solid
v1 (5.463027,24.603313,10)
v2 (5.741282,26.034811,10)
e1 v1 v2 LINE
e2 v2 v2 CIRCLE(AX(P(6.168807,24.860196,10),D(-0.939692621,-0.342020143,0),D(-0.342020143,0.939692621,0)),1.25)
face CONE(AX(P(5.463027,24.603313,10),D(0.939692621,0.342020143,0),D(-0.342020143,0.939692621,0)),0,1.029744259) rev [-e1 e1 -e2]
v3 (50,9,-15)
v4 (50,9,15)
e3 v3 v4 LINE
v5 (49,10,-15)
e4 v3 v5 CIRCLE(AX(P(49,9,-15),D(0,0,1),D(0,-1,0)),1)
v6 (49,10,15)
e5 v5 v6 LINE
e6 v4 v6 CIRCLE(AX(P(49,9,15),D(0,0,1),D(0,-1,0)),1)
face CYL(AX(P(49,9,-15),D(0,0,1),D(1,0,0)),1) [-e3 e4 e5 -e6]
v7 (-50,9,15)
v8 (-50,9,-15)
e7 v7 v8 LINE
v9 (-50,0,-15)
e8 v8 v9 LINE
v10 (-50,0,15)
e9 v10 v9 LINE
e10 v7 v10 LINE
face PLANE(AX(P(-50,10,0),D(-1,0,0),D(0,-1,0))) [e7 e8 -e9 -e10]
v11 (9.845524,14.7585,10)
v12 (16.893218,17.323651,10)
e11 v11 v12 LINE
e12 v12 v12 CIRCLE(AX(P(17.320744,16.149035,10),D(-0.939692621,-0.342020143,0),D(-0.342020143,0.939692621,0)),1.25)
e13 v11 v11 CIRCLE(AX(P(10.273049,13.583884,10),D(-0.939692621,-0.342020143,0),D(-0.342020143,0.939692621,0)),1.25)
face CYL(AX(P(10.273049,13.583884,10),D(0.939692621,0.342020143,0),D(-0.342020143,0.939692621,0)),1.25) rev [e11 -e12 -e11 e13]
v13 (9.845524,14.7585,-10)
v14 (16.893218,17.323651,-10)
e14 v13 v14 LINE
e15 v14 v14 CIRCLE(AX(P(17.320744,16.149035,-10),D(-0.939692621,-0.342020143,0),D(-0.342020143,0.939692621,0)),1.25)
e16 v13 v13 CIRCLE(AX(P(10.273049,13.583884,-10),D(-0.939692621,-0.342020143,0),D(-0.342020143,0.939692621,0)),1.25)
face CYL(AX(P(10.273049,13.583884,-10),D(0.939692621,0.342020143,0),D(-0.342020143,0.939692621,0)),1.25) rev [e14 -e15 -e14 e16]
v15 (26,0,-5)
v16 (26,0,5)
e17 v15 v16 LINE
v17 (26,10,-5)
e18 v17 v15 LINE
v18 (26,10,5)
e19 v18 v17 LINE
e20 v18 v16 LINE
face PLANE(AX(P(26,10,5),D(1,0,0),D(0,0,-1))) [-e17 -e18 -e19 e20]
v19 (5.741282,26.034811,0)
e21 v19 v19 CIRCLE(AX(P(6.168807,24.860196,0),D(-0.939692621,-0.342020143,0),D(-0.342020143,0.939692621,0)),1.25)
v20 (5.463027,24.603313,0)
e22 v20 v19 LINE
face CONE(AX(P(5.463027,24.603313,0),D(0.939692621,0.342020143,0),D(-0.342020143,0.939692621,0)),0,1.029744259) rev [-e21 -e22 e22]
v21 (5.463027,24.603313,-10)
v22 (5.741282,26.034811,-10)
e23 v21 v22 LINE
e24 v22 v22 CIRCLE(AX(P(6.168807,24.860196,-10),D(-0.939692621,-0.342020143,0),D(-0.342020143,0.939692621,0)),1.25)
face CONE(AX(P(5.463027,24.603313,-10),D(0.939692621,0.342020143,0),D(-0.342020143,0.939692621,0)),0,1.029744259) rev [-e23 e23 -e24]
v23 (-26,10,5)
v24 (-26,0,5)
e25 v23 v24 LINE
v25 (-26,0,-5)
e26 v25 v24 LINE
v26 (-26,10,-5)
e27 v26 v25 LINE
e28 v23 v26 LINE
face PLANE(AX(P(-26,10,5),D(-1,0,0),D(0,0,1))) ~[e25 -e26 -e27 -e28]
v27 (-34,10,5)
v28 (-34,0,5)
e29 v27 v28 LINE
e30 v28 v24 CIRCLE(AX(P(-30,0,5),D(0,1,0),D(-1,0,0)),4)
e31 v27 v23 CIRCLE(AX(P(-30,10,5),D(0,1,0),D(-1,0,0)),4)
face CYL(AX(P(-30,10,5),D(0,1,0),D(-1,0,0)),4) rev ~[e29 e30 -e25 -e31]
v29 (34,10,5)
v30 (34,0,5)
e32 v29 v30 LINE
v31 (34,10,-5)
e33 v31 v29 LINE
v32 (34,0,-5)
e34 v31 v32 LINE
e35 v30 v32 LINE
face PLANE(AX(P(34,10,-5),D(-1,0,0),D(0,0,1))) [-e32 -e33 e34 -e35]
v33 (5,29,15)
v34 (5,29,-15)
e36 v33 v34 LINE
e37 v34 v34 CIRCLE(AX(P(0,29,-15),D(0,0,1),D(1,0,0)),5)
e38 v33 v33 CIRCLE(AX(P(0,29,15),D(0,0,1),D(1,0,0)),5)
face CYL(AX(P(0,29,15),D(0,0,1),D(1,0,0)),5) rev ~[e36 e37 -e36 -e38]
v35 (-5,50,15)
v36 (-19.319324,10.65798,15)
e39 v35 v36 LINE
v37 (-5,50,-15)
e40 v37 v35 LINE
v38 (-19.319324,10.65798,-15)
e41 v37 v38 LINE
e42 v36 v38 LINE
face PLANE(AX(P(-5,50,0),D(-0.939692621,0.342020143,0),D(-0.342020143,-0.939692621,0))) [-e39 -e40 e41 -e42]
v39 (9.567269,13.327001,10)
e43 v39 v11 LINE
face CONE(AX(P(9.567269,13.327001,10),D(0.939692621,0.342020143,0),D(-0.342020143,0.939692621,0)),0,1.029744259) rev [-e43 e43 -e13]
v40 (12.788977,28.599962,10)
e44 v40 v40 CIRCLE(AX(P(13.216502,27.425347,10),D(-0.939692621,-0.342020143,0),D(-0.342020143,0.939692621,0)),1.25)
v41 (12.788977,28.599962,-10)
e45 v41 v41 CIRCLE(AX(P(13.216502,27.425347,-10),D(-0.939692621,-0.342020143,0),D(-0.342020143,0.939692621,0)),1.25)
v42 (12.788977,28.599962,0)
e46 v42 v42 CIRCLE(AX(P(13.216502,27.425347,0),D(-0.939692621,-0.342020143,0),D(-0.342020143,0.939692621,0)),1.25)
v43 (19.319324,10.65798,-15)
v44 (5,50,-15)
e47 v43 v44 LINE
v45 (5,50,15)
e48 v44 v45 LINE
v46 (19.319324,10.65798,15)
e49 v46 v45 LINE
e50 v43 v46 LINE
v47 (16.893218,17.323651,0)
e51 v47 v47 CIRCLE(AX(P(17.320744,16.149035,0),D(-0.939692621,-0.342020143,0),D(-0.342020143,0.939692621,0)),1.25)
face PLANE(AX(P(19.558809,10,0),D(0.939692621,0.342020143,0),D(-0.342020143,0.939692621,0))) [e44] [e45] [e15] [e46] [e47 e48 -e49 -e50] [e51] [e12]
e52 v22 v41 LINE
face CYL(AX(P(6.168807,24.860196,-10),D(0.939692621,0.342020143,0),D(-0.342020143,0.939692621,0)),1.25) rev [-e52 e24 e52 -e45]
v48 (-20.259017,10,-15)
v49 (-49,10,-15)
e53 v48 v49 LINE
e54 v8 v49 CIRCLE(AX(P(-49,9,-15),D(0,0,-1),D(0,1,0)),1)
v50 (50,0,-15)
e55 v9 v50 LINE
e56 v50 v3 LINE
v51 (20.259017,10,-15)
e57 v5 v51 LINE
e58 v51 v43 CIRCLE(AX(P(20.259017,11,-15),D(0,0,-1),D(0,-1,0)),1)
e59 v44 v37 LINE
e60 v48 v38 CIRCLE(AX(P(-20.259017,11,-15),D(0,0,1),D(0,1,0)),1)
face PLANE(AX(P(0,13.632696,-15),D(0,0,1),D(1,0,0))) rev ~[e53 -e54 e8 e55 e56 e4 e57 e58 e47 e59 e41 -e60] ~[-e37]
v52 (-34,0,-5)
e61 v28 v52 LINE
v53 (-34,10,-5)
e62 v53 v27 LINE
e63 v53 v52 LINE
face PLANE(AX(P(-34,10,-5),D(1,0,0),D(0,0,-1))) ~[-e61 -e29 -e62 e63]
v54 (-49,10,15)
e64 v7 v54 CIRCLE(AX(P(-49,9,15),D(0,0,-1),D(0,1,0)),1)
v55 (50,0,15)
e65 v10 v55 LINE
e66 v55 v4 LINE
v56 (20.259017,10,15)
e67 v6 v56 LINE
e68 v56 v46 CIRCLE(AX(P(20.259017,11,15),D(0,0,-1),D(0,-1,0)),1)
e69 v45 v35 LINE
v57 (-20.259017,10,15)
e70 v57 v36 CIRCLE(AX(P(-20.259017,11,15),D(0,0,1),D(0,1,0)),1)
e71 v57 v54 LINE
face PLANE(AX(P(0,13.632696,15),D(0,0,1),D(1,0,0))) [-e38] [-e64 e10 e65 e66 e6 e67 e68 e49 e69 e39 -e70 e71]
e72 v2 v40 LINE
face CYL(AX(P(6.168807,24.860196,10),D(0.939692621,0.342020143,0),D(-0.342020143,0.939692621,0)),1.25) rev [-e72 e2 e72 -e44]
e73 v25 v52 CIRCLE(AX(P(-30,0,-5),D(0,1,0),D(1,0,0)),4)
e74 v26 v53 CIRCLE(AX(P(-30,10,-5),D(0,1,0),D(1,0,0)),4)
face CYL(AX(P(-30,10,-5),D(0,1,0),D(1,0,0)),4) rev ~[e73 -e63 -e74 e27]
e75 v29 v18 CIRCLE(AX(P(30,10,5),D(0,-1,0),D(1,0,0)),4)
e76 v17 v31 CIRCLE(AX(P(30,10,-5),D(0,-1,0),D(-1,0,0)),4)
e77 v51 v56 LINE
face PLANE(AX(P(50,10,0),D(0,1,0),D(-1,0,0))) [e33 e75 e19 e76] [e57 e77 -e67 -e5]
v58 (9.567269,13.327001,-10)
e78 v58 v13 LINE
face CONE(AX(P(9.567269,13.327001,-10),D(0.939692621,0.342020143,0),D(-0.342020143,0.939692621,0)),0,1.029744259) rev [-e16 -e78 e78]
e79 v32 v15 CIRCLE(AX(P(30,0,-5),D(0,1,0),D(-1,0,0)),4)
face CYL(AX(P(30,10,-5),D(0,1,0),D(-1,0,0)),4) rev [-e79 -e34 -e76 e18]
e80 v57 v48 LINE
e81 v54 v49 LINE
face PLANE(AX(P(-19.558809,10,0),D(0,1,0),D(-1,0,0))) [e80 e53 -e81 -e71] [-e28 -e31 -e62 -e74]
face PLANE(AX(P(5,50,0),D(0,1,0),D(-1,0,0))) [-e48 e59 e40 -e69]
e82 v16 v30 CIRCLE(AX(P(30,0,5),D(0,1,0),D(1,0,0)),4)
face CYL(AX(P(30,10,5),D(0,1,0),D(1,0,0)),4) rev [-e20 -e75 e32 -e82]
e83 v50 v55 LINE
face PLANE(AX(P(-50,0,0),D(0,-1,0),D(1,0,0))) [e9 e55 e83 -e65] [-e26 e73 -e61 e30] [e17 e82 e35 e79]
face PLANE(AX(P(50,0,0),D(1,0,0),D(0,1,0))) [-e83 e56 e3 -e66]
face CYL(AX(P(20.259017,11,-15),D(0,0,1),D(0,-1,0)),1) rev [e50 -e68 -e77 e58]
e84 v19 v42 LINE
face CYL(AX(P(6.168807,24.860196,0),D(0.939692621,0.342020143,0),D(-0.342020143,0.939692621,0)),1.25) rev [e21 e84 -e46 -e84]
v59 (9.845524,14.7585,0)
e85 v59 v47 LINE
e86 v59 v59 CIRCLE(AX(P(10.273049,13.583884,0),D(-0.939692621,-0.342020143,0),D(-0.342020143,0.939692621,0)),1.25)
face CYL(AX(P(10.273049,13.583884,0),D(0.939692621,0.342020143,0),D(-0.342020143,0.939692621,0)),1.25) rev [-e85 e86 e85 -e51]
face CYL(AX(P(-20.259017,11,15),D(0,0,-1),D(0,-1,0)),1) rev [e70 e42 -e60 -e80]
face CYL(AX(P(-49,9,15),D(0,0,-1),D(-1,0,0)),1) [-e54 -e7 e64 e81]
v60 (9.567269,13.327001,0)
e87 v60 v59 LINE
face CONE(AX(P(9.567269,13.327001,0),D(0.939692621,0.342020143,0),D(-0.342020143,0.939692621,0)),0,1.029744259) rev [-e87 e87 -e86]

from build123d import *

# Parameters (mm, degrees)
BASE_EXTRUDE_DEPTH   = 15
SLOT_CUT_DEPTH       = 66.76473219
SKETCH3_R            = 5
GUIDE_HOLE_DEPTH     = 77.811457479
LPATTERN1_COUNT      = 3
LPATTERN1_PITCH      = 10
LPATTERN1_COUNT_DIR2 = 2
LPATTERN1_PITCH_DIR2 = 12
FILLET1_R            = 1


with BuildPart() as part:
    # Sketch1 → Base Extrude (new, symmetric)
    with BuildSketch(Plane.XY):
        Polygon((-50, 0), (50, 0), (50, 10), (19.558809371, 10), (5, 50), (-5, 50), (-19.558809371, 10), (-50, 10), align=None)
    extrude(amount=BASE_EXTRUDE_DEPTH, both=True)

    # Sketch2 → Slot Cut (cut, through all)
    with BuildSketch(Plane(origin=(0, 10, 0), x_dir=(1, 0, 0), z_dir=(0, 1, 0))):
        with BuildLine():
            Line((26, -5), (26, 5))
            ThreePointArc((26, 5), (30, 9), (34, 5))
            Line((34, 5), (34, -5))
            ThreePointArc((34, -5), (30, -9), (26, -5))
        make_face()
    slot_cut = extrude(amount=-SLOT_CUT_DEPTH, mode=Mode.SUBTRACT)

    # Mirror1: Slot Cut across plane
    add(slot_cut.mirror(Plane(origin=(0, 0, 0), x_dir=(0, 0, 1), z_dir=(1, 0, 0))), mode=Mode.SUBTRACT)

    # Sketch3 → Guide hole (cut, through all)
    with BuildSketch(Plane.XY.offset(15)):
        with Locations((0, 29)):
            Circle(SKETCH3_R)
    extrude(amount=-GUIDE_HOLE_DEPTH, mode=Mode.SUBTRACT)

    # Sketch10 → M3x0.5 Tapped Hole3 (revolve, cut)
    with BuildSketch(Plane(origin=(13.216501869, 27.425346647, 10), x_dir=(-0.3420201433256727, 0.939692620785907, 0), z_dir=(0, 0, 1))):
        Polygon((0, 0), (0, 8.251075774), (1.25, 7.5), (1.25, 0), align=None)
    m3x0_5_tapped_hole3 = revolve(axis=Axis((19.183550011, 29.597174557, 10), (-0.9396926207859069, -0.34202014332567277, 0)), mode=Mode.SUBTRACT)

    # LPattern1: M3x0.5 Tapped Hole3 3 × 2
    with Locations(*[Vector(0, 0, -1) * (i * LPATTERN1_PITCH) + Vector(0.34202014332567293, -0.9396926207859069, 0) * (j * LPATTERN1_PITCH_DIR2) for i in range(LPATTERN1_COUNT) for j in range(LPATTERN1_COUNT_DIR2) if (i, j) != (0, 0)]):
        add(m3x0_5_tapped_hole3, mode=Mode.SUBTRACT)

    # Fillet1
    fillet1_edges = [part.edges().sort_by_distance(p)[0] for p in [
        (-50, 10, 0),
        (-19.558809371, 10, 0),
        (19.558809371, 10, 0),
        (50, 10, 0),
    ]]
    fillet(fillet1_edges, radius=FILLET1_R)


solid = part.part
